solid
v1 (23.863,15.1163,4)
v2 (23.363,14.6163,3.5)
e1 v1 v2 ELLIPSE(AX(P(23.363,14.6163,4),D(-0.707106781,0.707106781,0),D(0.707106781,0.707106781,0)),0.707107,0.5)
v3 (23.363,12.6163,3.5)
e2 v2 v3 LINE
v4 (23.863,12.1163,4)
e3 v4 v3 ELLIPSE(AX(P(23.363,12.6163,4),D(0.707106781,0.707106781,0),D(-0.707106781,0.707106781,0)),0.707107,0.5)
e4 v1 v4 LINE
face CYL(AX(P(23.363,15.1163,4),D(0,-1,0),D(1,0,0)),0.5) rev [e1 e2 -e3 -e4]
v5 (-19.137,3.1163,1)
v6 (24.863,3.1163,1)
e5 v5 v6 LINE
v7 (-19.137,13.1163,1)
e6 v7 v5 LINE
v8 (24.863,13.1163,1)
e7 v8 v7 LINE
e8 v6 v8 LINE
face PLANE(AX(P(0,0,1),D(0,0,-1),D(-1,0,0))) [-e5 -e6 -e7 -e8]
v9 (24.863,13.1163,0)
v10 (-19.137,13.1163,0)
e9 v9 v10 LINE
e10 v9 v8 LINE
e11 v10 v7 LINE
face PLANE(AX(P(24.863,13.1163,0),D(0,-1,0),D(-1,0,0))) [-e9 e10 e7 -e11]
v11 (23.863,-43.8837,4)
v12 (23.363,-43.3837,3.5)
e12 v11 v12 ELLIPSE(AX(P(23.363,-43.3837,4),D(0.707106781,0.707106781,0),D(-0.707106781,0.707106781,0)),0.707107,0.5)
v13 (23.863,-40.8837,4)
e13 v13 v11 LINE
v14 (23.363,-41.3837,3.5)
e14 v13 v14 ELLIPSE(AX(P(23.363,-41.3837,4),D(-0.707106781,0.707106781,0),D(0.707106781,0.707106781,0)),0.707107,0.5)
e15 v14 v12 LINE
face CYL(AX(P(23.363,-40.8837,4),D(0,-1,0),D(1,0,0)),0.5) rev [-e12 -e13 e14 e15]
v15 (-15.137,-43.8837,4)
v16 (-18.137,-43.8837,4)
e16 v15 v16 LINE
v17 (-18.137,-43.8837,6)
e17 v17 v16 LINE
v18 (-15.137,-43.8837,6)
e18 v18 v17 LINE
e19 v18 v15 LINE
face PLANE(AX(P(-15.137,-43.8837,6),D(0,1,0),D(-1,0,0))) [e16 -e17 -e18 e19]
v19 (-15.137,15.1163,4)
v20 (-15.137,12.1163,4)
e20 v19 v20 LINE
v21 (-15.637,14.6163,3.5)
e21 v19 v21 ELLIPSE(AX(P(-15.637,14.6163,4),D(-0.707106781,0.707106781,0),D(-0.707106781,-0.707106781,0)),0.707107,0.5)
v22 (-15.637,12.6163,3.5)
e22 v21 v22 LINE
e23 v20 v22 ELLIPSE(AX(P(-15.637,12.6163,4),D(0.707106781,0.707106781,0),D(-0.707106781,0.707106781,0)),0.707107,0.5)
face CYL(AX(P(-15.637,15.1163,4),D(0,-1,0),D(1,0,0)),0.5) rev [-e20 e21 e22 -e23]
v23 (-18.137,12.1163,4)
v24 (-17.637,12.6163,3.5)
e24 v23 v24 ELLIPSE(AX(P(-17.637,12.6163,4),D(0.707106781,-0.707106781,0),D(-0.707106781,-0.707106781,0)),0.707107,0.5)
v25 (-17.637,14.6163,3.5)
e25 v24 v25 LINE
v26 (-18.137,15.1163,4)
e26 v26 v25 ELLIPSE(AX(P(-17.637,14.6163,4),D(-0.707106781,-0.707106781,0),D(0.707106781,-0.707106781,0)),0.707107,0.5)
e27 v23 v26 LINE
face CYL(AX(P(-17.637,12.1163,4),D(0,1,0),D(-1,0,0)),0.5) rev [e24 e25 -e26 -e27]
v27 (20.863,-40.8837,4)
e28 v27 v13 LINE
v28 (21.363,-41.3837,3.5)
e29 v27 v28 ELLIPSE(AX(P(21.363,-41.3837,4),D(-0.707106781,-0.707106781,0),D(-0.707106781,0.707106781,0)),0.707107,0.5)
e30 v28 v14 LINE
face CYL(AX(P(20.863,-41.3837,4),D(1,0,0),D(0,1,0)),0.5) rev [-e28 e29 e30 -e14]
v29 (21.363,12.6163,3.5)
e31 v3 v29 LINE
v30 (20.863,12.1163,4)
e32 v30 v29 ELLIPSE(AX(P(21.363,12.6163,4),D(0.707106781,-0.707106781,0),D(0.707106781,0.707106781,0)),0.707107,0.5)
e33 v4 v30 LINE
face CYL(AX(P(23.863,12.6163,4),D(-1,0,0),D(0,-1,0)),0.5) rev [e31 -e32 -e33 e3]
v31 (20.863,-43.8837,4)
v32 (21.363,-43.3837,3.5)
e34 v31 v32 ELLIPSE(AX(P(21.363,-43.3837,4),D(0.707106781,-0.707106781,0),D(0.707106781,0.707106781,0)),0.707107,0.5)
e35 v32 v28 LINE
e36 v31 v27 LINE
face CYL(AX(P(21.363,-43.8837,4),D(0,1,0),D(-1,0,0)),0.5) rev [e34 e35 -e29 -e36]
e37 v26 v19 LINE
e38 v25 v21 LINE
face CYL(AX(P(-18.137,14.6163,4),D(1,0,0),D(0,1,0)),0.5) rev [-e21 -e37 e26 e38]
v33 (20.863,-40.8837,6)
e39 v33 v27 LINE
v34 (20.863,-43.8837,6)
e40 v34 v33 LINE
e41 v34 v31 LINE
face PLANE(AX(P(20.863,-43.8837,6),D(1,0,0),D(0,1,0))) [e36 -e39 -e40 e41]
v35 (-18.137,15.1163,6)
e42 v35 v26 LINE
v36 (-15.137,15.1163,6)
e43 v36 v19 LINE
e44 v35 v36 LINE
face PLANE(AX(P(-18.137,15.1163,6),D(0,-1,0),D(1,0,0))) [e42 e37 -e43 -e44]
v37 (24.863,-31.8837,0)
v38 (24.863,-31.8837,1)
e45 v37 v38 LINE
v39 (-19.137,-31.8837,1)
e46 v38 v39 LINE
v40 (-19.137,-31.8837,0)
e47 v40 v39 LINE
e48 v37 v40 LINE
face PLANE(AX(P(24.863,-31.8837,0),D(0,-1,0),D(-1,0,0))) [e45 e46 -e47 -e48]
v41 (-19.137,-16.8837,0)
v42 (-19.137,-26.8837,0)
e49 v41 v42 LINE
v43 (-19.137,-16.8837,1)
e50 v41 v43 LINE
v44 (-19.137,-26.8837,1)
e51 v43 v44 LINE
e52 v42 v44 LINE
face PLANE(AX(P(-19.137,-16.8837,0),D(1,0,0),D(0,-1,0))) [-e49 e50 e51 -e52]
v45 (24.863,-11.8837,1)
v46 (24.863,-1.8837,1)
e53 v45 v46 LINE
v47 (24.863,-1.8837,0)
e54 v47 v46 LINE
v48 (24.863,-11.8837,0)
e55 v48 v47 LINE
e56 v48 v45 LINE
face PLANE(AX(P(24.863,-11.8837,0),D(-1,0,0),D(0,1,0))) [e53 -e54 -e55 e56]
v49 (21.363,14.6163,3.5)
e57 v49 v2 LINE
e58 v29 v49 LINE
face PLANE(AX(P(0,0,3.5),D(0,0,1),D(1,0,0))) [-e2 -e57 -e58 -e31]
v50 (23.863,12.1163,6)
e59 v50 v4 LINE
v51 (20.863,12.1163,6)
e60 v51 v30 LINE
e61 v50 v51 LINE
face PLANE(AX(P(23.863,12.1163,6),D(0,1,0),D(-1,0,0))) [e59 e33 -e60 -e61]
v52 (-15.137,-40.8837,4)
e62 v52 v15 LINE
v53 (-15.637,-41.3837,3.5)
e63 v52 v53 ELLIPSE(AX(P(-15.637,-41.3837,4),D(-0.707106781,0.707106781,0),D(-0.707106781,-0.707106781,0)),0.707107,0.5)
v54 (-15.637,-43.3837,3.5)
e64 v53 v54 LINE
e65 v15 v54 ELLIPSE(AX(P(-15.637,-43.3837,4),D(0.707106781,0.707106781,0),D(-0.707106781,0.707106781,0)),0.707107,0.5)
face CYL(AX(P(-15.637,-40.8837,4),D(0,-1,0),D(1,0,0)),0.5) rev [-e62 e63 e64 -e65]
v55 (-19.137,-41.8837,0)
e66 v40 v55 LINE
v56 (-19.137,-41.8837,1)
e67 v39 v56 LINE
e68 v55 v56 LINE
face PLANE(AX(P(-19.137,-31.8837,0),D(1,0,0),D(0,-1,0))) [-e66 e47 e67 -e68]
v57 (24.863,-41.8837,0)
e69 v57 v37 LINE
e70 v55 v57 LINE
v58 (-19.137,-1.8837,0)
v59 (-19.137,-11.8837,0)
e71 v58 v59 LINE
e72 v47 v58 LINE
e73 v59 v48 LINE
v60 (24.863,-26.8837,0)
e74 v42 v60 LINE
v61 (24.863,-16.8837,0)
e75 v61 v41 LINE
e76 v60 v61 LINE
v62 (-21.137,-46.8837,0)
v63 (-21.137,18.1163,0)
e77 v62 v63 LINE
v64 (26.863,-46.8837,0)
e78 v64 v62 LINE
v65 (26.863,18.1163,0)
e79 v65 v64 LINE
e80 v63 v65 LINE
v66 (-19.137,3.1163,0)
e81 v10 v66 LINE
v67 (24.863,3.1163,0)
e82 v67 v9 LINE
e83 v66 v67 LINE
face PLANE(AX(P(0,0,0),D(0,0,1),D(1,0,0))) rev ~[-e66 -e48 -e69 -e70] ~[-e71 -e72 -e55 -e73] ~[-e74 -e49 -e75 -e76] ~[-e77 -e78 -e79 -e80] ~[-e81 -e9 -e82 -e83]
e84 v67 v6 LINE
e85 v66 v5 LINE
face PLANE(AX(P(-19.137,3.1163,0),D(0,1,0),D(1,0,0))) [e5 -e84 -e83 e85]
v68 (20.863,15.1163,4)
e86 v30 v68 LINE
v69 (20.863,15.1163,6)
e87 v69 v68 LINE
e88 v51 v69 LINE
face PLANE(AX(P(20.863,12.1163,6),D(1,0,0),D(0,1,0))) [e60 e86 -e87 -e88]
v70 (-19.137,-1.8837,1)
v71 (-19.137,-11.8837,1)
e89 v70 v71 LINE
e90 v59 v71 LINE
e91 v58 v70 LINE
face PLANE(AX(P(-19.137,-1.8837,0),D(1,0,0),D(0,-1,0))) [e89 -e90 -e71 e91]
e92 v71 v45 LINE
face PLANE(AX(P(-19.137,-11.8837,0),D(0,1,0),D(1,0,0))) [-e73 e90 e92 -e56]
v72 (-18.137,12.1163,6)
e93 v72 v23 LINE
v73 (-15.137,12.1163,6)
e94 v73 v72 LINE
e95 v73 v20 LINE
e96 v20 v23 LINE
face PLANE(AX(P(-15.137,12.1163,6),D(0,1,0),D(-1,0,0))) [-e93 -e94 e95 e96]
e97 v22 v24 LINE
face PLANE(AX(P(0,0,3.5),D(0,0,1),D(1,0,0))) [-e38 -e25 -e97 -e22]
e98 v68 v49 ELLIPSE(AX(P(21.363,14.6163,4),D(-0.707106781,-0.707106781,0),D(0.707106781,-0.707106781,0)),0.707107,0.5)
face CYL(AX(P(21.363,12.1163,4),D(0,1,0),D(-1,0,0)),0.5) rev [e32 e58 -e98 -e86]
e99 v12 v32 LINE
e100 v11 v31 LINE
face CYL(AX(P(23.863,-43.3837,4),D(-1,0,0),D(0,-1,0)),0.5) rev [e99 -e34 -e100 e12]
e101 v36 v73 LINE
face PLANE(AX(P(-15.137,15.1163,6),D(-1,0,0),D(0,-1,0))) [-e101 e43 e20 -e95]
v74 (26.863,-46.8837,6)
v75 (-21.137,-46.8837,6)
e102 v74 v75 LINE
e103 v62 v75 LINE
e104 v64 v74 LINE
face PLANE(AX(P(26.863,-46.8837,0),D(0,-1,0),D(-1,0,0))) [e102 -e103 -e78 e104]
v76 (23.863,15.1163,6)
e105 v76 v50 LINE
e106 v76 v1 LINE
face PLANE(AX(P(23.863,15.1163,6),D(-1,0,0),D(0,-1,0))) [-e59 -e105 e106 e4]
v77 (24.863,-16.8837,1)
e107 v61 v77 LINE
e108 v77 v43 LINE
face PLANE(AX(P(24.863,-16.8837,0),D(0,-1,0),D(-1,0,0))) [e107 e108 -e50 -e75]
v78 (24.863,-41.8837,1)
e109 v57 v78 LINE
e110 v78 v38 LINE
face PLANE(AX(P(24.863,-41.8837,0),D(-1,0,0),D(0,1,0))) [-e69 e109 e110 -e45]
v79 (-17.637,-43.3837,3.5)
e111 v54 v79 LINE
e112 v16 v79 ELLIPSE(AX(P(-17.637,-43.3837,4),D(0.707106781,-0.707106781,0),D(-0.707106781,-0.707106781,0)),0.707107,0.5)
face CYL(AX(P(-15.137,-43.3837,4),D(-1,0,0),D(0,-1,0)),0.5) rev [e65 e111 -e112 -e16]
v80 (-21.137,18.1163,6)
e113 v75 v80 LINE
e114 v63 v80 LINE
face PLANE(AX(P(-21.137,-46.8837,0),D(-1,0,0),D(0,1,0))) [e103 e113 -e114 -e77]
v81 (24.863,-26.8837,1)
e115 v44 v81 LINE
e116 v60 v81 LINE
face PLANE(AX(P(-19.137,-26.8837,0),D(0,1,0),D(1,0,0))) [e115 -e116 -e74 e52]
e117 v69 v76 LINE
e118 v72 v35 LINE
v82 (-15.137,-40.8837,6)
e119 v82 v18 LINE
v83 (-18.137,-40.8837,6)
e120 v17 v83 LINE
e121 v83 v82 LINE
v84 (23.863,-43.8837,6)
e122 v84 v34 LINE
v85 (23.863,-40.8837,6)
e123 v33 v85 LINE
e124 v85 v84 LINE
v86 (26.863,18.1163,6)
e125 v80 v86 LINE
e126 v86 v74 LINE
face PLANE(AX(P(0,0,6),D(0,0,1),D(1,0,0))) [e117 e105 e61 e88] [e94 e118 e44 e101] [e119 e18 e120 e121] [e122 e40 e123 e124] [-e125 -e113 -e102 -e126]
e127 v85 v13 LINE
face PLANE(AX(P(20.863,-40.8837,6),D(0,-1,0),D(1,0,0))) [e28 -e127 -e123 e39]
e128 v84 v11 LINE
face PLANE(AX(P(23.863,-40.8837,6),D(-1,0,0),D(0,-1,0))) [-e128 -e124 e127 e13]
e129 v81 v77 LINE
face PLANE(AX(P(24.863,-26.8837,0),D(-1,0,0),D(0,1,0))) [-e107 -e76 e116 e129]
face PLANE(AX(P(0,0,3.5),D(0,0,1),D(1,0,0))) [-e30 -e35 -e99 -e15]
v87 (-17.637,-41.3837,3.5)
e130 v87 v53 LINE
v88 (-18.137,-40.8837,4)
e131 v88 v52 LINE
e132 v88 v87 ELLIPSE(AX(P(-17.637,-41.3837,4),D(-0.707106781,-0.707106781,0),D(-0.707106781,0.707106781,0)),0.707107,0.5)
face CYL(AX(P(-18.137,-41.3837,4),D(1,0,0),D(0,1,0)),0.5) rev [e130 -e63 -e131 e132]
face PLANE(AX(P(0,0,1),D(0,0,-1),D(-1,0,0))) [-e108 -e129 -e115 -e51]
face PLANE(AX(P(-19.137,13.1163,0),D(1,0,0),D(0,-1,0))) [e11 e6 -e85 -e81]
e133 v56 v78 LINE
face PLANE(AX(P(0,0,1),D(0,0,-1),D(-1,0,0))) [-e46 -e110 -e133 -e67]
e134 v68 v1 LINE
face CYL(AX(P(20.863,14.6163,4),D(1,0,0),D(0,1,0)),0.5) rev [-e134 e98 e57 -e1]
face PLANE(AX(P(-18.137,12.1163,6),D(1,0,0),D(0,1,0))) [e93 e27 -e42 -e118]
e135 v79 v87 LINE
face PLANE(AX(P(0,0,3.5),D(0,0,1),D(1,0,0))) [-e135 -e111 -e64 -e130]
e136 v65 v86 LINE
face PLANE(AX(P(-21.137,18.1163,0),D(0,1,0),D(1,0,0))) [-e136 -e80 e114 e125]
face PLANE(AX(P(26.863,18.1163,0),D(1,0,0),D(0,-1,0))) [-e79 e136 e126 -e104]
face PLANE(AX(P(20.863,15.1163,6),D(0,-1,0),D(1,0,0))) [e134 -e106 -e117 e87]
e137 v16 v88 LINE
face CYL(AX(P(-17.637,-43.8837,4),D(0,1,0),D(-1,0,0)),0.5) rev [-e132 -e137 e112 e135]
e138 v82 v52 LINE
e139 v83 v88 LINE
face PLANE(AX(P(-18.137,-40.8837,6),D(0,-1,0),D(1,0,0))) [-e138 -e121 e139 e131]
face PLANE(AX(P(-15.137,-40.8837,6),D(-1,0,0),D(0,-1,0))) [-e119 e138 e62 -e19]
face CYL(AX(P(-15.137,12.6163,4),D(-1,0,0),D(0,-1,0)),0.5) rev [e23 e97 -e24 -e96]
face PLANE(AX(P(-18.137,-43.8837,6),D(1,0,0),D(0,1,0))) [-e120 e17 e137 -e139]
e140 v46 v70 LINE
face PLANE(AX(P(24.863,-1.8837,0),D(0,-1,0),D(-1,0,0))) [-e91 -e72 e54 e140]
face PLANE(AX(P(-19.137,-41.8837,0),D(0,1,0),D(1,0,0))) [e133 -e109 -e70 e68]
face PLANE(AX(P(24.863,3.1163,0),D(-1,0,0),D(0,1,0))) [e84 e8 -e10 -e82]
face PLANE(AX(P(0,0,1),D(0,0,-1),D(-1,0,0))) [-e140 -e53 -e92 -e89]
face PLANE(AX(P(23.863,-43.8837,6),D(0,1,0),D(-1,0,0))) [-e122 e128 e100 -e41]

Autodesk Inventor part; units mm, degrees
ref_plane "YZ Plane" through (0, 0, 0) normal (1, 0, 0) x (0, 1, 0)
ref_plane "XZ Plane" through (0, 0, 0) normal (0, 1, 0) x (-1, 0, 0)
ref_plane "XY Plane" through (0, 0, 0) normal (0, 0, 1) x (1, 0, 0)
sketch "Esquisse1" plane through (0, 0, 0) normal (0, 0, 1) x (1, 0, 0)
  line L0 (-21.137, 18.1163) -> (26.863, 18.1163)
  line L1 (26.863, 18.1163) -> (26.863, -46.8837)
  line L2 (26.863, -46.8837) -> (-21.137, -46.8837)
  line L3 (-21.137, -46.8837) -> (-21.137, 18.1163)
  point P0 (0, 0)
  dimension "d0" = 48
  dimension "d1" = 65
extrude "Extrusion1" add sketch "Esquisse1" along normal blind 6
sketch "Esquisse2" plane through (0, 0, 6) normal (0, 0, 1) x (1, 0, 0)
  line L0 (-18.137, -40.8837) -> (-15.137, -40.8837)
  line L1 (-15.137, -40.8837) -> (-15.137, -43.8837)
  line L2 (-15.137, -43.8837) -> (-18.137, -43.8837)
  line L3 (-18.137, -43.8837) -> (-18.137, -40.8837)
  line L4 (20.863, -40.8837) -> (23.863, -40.8837)
  line L5 (23.863, -40.8837) -> (23.863, -43.8837)
  line L6 (23.863, -43.8837) -> (20.863, -43.8837)
  line L7 (20.863, -43.8837) -> (20.863, -40.8837)
  line L8 (23.863, 12.1163) -> (20.863, 12.1163)
  line L9 (20.863, 12.1163) -> (20.863, 15.1163)
  line L10 (20.863, 15.1163) -> (23.863, 15.1163)
  line L11 (23.863, 15.1163) -> (23.863, 12.1163)
  line L12 (-15.137, 12.1163) -> (-18.137, 12.1163)
  line L13 (-18.137, 12.1163) -> (-18.137, 15.1163)
  line L14 (-18.137, 15.1163) -> (-15.137, 15.1163)
  line L15 (-15.137, 15.1163) -> (-15.137, 12.1163)
  line L16 (26.863, 18.1163) -> (-21.137, 18.1163) projected
  line L17 (-21.137, 18.1163) -> (-21.137, -46.8837) projected
  line L18 (26.863, -46.8837) -> (26.863, 18.1163) projected
  line L19 (-21.137, -46.8837) -> (26.863, -46.8837) projected
  point P0 (0, 0)
  dimension "d4" = 3
  dimension "d5" = 3
  dimension "d6" = 3
  dimension "d7" = 3
  dimension "d8" = 3
  dimension "d9" = 3
  dimension "d10" = 3
  dimension "d11" = 3
  dimension "d12" = 3
  dimension "d13" = 3
  dimension "d14" = 3
  dimension "d15" = 3
  dimension "d16" = 3
  dimension "d17" = 3
  dimension "d18" = 3
extrude "Extrusion2" cut sketch "Esquisse2" against normal blind 2.5 contours L0 L1 L2 L3 | L4 L5 L6 L7 | L8 L9 L10 L11 | L12 L13 L14 L15
sketch "Esquisse4" plane through (0, 0, 0) normal (0, 0, -1) x (-1, 0, 0)
  line L0 (-24.863, -1.8837) -> (19.137, -1.8837)
  line L1 (19.137, -1.8837) -> (19.137, -11.8837)
  line L2 (19.137, -11.8837) -> (-24.863, -11.8837)
  line L3 (-24.863, -11.8837) -> (-24.863, -1.8837)
  line L4 (-24.863, -16.8837) -> (19.137, -16.8837)
  line L5 (19.137, -16.8837) -> (19.137, -26.8837)
  line L6 (19.137, -26.8837) -> (-24.863, -26.8837)
  line L7 (-24.863, -26.8837) -> (-24.863, -16.8837)
  line L8 (-24.863, -31.8837) -> (19.137, -31.8837)
  line L9 (19.137, -31.8837) -> (19.137, -41.8837)
  line L10 (19.137, -41.8837) -> (-24.863, -41.8837)
  line L11 (-24.863, -41.8837) -> (-24.863, -31.8837)
  line L12 (-26.863, -46.8837) -> (-26.863, 18.1163) projected
  line L13 (21.137, 18.1163) -> (21.137, -46.8837) projected
  line L14 (-24.863, 13.1163) -> (19.137, 13.1163)
  line L15 (19.137, 13.1163) -> (19.137, 3.1163)
  line L16 (19.137, 3.1163) -> (-24.863, 3.1163)
  line L17 (-24.863, 3.1163) -> (-24.863, 13.1163)
  point P0 (0, 0)
  point P1 (-20.863, 12.1163)
  dimension "d39" = 10
  dimension "d40" = 5
  dimension "d41" = 10
  dimension "d42" = 5
  dimension "d43" = 10
  dimension "d44" = 44
  dimension "d45" = 2
  dimension "d46" = 44
  dimension "d47" = 2
  dimension "d48" = 44
  dimension "d49" = 2
  dimension "d52" = 5
  dimension "d53" = 10
  dimension "d54" = 2
  dimension "d57" = 44
extrude "Extrusion4" cut sketch "Esquisse4" against normal blind 1
fillet "Congé2" radius 0.5 16 edges at (-16.637, 12.1163, 3.5) (-15.137, 13.6163, 3.5) (-16.637, 15.1163, 3.5) (-18.137, 13.6163, 3.5) (22.363, 15.1163, 3.5) (20.863, 13.6163, 3.5) (22.363, 12.1163, 3.5) (23.863, 13.6163, 3.5) (-16.637, -43.8837, 3.5) (-15.137, -42.3837, 3.5) (-18.137, -42.3837, 3.5) (-16.637, -40.8837, 3.5) (20.863, -42.3837, 3.5) (22.363, -40.8837, 3.5) (22.363, -43.8837, 3.5) (23.863, -42.3837, 3.5)
properties part number "pièce_mobile_station"
